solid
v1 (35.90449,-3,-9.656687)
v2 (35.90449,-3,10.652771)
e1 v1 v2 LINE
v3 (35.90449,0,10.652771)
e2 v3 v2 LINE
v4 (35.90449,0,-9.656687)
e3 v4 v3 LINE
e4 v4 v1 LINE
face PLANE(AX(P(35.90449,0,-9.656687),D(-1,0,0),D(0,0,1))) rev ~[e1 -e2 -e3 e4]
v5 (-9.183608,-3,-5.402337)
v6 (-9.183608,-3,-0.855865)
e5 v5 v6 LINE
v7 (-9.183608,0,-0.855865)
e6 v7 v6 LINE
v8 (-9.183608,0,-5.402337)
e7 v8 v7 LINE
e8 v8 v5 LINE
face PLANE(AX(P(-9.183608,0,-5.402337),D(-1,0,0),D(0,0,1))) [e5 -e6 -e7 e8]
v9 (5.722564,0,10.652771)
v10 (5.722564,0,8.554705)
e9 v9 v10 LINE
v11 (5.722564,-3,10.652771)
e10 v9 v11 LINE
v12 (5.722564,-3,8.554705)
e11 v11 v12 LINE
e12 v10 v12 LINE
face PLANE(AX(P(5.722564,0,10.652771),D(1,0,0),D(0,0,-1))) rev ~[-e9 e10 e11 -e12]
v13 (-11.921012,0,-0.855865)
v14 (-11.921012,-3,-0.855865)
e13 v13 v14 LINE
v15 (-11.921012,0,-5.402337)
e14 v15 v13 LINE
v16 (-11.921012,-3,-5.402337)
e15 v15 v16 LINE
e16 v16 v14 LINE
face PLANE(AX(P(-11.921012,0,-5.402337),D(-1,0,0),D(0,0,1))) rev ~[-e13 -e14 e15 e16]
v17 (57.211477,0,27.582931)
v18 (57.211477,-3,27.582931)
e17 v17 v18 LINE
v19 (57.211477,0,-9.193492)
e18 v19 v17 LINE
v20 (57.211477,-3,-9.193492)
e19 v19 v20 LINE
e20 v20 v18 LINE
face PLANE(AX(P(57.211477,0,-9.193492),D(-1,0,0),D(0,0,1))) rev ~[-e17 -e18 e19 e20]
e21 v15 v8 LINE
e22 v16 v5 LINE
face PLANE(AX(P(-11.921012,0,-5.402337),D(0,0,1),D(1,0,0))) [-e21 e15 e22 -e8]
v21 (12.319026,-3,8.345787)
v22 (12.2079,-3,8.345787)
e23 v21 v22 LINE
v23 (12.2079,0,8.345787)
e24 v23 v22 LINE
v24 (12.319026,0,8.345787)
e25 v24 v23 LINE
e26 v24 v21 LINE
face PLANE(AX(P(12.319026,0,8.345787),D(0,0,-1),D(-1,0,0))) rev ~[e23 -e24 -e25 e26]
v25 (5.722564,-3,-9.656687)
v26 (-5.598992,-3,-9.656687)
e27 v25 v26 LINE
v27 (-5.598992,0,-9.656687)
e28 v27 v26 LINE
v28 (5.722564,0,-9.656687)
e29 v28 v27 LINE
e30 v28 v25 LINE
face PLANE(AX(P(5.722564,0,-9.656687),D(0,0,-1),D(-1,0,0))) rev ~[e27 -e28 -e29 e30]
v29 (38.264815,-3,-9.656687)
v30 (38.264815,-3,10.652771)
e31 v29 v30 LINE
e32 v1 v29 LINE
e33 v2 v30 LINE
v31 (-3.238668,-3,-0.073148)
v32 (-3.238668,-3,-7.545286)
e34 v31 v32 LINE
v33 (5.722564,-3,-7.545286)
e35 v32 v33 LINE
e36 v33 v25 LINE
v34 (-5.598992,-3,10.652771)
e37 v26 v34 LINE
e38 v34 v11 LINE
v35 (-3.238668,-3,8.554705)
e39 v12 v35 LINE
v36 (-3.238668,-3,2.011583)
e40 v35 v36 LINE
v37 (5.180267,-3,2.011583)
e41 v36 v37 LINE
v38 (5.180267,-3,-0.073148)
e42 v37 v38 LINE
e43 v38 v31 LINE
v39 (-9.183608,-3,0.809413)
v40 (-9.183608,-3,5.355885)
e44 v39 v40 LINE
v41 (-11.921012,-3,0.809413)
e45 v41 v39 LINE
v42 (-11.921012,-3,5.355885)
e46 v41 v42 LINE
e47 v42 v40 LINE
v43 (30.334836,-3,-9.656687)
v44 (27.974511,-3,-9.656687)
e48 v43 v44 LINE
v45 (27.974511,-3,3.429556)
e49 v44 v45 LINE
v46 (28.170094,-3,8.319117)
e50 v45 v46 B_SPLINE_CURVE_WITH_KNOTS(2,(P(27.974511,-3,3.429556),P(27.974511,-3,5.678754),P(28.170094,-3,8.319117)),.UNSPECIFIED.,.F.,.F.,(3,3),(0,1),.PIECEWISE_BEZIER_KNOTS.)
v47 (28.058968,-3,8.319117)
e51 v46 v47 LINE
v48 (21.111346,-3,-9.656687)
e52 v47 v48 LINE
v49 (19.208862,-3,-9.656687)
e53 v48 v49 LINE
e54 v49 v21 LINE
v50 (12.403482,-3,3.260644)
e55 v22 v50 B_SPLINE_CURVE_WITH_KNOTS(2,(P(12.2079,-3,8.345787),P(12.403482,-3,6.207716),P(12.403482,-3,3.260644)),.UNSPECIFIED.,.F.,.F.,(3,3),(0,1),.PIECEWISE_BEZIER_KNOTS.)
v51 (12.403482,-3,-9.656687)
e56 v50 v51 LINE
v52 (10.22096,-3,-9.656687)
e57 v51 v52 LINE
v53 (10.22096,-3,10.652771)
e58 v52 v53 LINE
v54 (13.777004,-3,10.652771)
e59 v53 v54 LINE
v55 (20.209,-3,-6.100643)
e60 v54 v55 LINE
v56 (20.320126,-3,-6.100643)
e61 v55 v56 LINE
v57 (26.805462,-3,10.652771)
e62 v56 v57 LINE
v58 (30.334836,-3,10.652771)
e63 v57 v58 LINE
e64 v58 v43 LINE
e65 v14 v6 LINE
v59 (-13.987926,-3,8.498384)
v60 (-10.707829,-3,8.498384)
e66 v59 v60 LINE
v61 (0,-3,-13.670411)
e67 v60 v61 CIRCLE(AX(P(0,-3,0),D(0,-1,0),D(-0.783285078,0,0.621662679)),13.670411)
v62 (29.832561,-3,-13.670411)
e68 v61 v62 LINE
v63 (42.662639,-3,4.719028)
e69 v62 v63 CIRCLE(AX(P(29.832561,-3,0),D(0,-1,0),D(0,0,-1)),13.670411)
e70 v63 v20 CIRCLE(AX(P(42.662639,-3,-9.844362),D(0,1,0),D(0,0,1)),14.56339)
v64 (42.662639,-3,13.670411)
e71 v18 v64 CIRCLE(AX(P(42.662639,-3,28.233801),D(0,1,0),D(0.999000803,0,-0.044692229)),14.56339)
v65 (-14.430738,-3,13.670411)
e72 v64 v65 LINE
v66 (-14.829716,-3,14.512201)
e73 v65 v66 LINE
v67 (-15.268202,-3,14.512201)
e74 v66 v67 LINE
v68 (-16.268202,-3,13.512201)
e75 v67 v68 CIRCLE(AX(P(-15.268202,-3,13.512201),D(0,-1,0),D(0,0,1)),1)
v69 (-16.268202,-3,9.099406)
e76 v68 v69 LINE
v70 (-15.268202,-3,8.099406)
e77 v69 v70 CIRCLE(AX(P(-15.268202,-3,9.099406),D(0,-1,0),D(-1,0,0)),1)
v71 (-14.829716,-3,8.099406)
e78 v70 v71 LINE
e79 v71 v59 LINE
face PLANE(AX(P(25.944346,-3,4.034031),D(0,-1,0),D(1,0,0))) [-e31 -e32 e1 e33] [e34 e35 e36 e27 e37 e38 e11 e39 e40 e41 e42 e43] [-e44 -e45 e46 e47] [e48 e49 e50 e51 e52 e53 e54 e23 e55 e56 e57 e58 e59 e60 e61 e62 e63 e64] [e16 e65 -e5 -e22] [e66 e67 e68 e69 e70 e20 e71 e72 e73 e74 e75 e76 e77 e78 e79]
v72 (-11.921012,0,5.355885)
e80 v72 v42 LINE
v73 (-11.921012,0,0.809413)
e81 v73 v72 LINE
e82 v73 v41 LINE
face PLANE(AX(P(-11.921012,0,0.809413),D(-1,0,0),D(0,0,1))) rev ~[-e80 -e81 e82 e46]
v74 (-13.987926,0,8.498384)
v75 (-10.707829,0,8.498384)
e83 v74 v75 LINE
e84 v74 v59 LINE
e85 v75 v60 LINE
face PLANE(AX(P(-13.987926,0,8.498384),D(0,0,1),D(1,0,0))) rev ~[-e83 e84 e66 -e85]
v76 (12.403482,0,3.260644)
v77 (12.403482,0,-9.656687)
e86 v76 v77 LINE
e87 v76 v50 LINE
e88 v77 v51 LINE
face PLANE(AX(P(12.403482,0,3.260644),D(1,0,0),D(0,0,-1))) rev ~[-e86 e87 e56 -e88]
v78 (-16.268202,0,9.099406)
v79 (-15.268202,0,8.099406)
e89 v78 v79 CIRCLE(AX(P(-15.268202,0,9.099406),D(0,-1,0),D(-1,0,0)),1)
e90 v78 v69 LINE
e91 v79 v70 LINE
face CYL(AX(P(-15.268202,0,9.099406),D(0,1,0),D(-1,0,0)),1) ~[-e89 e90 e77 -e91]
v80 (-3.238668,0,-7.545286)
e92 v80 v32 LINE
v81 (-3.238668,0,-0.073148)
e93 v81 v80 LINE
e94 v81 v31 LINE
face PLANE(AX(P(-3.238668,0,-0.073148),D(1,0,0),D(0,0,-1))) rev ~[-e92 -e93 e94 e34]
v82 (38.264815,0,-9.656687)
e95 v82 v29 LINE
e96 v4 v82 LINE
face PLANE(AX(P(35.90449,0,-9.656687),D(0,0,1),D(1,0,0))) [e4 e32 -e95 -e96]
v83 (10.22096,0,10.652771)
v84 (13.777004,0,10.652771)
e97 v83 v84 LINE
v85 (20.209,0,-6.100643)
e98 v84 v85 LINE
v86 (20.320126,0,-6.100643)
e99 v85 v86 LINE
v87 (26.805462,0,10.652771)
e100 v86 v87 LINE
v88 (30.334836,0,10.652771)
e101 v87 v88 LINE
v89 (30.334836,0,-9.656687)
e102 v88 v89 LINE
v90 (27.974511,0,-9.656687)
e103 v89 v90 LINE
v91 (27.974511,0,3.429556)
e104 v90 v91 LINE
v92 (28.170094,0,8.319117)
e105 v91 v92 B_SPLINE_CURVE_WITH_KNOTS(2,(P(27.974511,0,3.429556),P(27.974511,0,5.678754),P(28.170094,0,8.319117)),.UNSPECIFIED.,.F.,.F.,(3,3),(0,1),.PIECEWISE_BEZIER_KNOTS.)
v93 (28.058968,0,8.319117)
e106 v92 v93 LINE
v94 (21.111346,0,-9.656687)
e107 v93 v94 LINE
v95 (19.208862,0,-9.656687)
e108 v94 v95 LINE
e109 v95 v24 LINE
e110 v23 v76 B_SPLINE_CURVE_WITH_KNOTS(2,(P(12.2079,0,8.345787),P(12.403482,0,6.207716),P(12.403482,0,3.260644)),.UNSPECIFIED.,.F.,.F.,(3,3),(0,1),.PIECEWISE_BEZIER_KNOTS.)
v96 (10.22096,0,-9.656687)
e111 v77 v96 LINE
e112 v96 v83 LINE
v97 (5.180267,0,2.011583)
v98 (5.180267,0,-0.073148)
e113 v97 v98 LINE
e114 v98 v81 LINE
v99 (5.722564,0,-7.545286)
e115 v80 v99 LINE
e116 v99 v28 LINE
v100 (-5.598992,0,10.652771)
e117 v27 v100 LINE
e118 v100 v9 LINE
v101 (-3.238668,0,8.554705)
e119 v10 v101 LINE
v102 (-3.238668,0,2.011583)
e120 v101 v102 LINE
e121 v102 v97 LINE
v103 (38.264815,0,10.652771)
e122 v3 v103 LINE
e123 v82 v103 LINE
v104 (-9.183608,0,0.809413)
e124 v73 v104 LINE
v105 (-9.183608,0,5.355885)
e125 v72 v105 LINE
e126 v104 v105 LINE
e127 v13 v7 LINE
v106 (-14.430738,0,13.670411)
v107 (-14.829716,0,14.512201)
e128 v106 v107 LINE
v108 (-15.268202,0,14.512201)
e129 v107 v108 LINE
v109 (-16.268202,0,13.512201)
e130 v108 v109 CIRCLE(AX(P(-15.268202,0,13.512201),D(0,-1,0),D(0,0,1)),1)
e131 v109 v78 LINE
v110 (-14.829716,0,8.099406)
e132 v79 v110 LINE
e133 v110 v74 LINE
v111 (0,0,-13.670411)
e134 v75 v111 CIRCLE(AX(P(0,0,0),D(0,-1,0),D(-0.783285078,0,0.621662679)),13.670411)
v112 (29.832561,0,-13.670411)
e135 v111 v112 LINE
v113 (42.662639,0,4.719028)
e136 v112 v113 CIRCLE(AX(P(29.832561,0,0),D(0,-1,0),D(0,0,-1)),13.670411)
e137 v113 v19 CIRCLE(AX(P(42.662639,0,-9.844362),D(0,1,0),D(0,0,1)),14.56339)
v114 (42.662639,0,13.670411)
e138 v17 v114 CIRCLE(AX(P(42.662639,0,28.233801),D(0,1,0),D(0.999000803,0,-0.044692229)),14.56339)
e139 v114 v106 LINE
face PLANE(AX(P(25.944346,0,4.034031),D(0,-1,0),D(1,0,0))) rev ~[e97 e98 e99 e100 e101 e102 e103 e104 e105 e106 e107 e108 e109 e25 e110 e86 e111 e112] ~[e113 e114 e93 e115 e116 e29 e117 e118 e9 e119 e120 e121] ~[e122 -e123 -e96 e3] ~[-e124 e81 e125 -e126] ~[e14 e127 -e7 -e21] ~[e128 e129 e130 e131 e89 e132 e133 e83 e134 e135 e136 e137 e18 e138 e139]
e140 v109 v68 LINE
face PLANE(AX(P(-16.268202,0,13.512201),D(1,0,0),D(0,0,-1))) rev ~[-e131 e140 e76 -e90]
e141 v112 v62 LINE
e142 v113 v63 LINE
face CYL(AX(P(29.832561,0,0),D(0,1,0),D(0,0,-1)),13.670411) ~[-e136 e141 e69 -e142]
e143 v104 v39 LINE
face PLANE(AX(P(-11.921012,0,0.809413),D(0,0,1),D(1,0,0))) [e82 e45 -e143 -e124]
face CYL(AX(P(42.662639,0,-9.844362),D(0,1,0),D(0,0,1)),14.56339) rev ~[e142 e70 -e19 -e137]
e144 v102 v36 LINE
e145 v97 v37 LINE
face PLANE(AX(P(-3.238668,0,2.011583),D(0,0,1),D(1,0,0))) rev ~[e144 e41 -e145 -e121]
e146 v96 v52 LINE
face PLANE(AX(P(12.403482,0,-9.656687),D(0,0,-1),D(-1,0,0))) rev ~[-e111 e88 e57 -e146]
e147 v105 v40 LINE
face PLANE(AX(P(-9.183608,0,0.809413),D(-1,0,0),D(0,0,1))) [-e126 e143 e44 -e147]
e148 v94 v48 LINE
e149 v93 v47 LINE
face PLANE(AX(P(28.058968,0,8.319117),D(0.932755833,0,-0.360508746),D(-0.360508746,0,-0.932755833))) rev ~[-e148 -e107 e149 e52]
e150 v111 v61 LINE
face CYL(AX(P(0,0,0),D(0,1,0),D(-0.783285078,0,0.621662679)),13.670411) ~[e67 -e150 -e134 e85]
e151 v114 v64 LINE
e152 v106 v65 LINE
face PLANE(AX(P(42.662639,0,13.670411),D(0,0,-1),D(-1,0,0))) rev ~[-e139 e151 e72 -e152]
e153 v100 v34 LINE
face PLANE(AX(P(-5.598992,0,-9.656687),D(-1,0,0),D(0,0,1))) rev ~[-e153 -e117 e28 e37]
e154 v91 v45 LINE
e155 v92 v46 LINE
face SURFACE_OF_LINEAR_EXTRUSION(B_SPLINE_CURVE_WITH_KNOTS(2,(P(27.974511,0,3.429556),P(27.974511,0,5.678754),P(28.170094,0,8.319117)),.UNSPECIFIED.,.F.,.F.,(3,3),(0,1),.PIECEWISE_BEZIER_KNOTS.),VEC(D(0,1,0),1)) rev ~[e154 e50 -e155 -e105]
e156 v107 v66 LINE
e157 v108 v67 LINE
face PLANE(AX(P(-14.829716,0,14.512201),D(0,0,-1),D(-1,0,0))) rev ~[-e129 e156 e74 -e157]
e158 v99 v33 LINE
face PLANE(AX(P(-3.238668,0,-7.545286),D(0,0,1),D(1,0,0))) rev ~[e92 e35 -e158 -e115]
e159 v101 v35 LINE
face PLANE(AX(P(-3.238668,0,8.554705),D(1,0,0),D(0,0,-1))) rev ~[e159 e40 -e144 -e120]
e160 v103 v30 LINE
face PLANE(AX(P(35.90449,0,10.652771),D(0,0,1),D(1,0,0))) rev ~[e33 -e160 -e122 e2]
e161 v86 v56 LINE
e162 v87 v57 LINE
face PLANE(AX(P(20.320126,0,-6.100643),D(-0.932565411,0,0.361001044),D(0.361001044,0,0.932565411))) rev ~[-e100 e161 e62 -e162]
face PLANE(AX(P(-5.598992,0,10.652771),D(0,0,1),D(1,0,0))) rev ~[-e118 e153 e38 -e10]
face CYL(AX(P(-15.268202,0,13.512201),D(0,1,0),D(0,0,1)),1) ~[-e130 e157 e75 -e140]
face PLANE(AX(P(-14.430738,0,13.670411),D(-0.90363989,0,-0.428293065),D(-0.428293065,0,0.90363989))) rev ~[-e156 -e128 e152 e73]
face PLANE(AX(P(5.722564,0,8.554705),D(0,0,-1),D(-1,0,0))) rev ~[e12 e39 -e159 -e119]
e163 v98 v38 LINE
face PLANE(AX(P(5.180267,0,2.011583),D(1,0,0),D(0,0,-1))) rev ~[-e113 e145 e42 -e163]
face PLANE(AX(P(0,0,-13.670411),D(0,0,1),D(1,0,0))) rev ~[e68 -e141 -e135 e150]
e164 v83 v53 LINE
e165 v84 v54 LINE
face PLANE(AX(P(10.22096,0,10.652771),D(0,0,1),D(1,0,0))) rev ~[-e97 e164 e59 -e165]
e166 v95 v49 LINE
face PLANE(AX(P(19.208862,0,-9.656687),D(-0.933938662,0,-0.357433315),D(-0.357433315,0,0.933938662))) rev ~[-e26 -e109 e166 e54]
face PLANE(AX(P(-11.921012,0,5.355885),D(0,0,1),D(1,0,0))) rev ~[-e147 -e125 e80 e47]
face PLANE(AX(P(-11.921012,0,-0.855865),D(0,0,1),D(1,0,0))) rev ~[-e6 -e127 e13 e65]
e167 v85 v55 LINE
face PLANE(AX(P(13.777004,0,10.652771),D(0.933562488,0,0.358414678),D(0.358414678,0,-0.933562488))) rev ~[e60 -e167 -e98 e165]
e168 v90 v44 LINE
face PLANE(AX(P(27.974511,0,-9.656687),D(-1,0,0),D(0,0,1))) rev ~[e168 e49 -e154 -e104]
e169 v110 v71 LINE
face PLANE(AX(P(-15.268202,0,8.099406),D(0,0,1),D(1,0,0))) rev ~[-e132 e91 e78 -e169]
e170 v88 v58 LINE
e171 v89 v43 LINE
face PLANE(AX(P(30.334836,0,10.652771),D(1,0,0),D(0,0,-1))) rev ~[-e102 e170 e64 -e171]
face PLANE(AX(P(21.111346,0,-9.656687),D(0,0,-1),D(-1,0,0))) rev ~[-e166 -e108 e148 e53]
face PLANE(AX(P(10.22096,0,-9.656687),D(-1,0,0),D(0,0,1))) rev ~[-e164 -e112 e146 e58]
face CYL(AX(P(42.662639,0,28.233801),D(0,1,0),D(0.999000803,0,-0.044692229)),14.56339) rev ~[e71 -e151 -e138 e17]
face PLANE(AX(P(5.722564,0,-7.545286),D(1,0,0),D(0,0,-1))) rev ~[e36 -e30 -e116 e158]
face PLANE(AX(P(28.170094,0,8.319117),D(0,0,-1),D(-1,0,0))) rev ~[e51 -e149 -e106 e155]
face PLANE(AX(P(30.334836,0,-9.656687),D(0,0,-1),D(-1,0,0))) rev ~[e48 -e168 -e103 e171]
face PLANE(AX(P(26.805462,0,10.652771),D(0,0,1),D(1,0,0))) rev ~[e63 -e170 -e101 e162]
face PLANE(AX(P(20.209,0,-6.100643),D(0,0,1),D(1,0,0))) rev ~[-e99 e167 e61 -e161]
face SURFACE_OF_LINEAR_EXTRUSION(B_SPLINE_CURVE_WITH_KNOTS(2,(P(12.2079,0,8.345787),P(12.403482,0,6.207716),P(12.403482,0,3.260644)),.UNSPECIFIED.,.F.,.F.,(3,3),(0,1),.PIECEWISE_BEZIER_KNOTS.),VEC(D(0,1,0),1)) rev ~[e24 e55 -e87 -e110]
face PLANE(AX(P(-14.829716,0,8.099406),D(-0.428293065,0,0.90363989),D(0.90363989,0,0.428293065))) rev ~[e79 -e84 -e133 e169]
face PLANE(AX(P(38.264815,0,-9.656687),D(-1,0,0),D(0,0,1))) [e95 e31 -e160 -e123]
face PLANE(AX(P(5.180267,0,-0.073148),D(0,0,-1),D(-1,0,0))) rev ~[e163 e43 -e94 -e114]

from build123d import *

# Parameters (mm, degrees)
F0_W     = 2.7374038473
F0_H     = 4.5464726281
F0_W_2   = 2.3603244432
F0_H_2   = 20.3094583448
F1_DEPTH = 3


with BuildPart() as f1:
    # F0 (on Front) → F1 (new body)
    with BuildSketch(Plane.XZ):
        with BuildLine():
            Line((-13.9879264009, 8.4983842463), (-10.7078288449, 8.4983842463))
            ThreePointArc((-10.7078288449, 8.4983842463), (-12.3096819162, -5.9457433928), (0, -13.6704108706))
            Line((0, -13.6704108706), (29.832560569, -13.6704108706))
            ThreePointArc((29.832560569, -13.6704108706), (41.0439649972, -7.8220549805), (42.6626390029, 4.7190275219))
            ThreePointArc((42.6626390029, 4.7190275219), (52.7277631814, 0.6811115523), (57.2114773095, -9.193492122))
            Line((57.2114773095, -9.193492122), (57.2114773095, 27.5829305145))
            ThreePointArc((57.2114773095, 27.5829305145), (52.7277631814, 17.7083268402), (42.6626390029, 13.6704108706))
            Line((42.6626390029, 13.6704108706), (29.832560569, 13.6704108706))
            Line((29.832560569, 13.6704108706), (0, 13.6704108706))
            Line((0, 13.6704108706), (-14.4307379611, 13.6704108706))
            Line((-14.4307379611, 13.6704108706), (-14.8297163701, 14.5122008398))
            Line((-14.8297163701, 14.5122008398), (-15.268201828, 14.5122008398))
            ThreePointArc((-15.268201828, 14.5122008398), (-15.9753086092, 14.219307621), (-16.268201828, 13.5122008398))
            Line((-16.268201828, 13.5122008398), (-16.268201828, 9.0994058373))
            ThreePointArc((-16.268201828, 9.0994058373), (-15.9753086092, 8.3922990562), (-15.268201828, 8.0994058373))
            Line((-15.268201828, 8.0994058373), (-14.8297163701, 8.0994058373))
            Line((-14.8297163701, 8.0994058373), (-13.9879264009, 8.4983842463))
        make_face()
        with Locations((-10.5523099191, -3.12910098)):
            Rectangle(F0_W, F0_H, mode=Mode.SUBTRACT)
        Polygon((5.7225638777, -7.545285929), (5.7225638777, -9.6566872671), (-5.59899235, -9.6566872671), (-5.59899235, 10.6527710777), (5.7225638777, 10.6527710777), (5.7225638777, 8.5547049059), (-3.2386679067, 8.5547049059), (-3.2386679067, 2.0115832855), (5.180267113, 2.0115832855), (5.180267113, -0.0731477199), (-3.2386679067, -0.0731477199), (-3.2386679067, -7.545285929), align=None, mode=Mode.SUBTRACT)
        with Locations((-10.5523099191, 3.0826488801)):
            Rectangle(F0_W, F0_H, mode=Mode.SUBTRACT)
        with BuildLine():
            Line((21.1113458408, -9.6566872671), (19.2088621088, -9.6566872671))
            Line((19.2088621088, -9.6566872671), (12.3190261635, 8.3457872998))
            Line((12.3190261635, 8.3457872998), (12.2078997772, 8.3457872998))
            add(Edge.make_bspline(
                [(12.2078997772, 8.3457872998), (12.403482217, 6.207715629), (12.403482217, 3.2606438666)],
                knots=[0, 0, 0, 1, 1, 1], degree=2))
            Line((12.403482217, 3.2606438666), (12.403482217, -9.6566872671))
            Line((12.403482217, -9.6566872671), (10.2209599917, -9.6566872671))
            Line((10.2209599917, -9.6566872671), (10.2209599917, 10.6527710777))
            Line((10.2209599917, 10.6527710777), (13.7770043506, 10.6527710777))
            Line((13.7770043506, 10.6527710777), (20.2089995848, -6.1006429082))
            Line((20.2089995848, -6.1006429082), (20.320125971, -6.1006429082))
            Line((20.320125971, -6.1006429082), (26.8054618705, 10.6527710777))
            Line((26.8054618705, 10.6527710777), (30.3348358968, 10.6527710777))
            Line((30.3348358968, 10.6527710777), (30.3348358968, -9.6566872671))
            Line((30.3348358968, -9.6566872671), (27.9745114535, -9.6566872671))
            Line((27.9745114535, -9.6566872671), (27.9745114535, 3.4295559736))
            add(Edge.make_bspline(
                [(27.9745114535, 3.4295559736), (27.9745114535, 5.6787540306), (28.1700938933, 8.3191169671)],
                knots=[0, 0, 0, 1, 1, 1], degree=2))
            Line((28.1700938933, 8.3191169671), (28.0589675071, 8.3191169671))
            Line((28.0589675071, 8.3191169671), (21.1113458408, -9.6566872671))
        make_face(mode=Mode.SUBTRACT)
        with Locations((37.0846525955, 0.4980419053)):
            Rectangle(F0_W_2, F0_H_2, mode=Mode.SUBTRACT)
    extrude(amount=F1_DEPTH)


solid = f1.part
